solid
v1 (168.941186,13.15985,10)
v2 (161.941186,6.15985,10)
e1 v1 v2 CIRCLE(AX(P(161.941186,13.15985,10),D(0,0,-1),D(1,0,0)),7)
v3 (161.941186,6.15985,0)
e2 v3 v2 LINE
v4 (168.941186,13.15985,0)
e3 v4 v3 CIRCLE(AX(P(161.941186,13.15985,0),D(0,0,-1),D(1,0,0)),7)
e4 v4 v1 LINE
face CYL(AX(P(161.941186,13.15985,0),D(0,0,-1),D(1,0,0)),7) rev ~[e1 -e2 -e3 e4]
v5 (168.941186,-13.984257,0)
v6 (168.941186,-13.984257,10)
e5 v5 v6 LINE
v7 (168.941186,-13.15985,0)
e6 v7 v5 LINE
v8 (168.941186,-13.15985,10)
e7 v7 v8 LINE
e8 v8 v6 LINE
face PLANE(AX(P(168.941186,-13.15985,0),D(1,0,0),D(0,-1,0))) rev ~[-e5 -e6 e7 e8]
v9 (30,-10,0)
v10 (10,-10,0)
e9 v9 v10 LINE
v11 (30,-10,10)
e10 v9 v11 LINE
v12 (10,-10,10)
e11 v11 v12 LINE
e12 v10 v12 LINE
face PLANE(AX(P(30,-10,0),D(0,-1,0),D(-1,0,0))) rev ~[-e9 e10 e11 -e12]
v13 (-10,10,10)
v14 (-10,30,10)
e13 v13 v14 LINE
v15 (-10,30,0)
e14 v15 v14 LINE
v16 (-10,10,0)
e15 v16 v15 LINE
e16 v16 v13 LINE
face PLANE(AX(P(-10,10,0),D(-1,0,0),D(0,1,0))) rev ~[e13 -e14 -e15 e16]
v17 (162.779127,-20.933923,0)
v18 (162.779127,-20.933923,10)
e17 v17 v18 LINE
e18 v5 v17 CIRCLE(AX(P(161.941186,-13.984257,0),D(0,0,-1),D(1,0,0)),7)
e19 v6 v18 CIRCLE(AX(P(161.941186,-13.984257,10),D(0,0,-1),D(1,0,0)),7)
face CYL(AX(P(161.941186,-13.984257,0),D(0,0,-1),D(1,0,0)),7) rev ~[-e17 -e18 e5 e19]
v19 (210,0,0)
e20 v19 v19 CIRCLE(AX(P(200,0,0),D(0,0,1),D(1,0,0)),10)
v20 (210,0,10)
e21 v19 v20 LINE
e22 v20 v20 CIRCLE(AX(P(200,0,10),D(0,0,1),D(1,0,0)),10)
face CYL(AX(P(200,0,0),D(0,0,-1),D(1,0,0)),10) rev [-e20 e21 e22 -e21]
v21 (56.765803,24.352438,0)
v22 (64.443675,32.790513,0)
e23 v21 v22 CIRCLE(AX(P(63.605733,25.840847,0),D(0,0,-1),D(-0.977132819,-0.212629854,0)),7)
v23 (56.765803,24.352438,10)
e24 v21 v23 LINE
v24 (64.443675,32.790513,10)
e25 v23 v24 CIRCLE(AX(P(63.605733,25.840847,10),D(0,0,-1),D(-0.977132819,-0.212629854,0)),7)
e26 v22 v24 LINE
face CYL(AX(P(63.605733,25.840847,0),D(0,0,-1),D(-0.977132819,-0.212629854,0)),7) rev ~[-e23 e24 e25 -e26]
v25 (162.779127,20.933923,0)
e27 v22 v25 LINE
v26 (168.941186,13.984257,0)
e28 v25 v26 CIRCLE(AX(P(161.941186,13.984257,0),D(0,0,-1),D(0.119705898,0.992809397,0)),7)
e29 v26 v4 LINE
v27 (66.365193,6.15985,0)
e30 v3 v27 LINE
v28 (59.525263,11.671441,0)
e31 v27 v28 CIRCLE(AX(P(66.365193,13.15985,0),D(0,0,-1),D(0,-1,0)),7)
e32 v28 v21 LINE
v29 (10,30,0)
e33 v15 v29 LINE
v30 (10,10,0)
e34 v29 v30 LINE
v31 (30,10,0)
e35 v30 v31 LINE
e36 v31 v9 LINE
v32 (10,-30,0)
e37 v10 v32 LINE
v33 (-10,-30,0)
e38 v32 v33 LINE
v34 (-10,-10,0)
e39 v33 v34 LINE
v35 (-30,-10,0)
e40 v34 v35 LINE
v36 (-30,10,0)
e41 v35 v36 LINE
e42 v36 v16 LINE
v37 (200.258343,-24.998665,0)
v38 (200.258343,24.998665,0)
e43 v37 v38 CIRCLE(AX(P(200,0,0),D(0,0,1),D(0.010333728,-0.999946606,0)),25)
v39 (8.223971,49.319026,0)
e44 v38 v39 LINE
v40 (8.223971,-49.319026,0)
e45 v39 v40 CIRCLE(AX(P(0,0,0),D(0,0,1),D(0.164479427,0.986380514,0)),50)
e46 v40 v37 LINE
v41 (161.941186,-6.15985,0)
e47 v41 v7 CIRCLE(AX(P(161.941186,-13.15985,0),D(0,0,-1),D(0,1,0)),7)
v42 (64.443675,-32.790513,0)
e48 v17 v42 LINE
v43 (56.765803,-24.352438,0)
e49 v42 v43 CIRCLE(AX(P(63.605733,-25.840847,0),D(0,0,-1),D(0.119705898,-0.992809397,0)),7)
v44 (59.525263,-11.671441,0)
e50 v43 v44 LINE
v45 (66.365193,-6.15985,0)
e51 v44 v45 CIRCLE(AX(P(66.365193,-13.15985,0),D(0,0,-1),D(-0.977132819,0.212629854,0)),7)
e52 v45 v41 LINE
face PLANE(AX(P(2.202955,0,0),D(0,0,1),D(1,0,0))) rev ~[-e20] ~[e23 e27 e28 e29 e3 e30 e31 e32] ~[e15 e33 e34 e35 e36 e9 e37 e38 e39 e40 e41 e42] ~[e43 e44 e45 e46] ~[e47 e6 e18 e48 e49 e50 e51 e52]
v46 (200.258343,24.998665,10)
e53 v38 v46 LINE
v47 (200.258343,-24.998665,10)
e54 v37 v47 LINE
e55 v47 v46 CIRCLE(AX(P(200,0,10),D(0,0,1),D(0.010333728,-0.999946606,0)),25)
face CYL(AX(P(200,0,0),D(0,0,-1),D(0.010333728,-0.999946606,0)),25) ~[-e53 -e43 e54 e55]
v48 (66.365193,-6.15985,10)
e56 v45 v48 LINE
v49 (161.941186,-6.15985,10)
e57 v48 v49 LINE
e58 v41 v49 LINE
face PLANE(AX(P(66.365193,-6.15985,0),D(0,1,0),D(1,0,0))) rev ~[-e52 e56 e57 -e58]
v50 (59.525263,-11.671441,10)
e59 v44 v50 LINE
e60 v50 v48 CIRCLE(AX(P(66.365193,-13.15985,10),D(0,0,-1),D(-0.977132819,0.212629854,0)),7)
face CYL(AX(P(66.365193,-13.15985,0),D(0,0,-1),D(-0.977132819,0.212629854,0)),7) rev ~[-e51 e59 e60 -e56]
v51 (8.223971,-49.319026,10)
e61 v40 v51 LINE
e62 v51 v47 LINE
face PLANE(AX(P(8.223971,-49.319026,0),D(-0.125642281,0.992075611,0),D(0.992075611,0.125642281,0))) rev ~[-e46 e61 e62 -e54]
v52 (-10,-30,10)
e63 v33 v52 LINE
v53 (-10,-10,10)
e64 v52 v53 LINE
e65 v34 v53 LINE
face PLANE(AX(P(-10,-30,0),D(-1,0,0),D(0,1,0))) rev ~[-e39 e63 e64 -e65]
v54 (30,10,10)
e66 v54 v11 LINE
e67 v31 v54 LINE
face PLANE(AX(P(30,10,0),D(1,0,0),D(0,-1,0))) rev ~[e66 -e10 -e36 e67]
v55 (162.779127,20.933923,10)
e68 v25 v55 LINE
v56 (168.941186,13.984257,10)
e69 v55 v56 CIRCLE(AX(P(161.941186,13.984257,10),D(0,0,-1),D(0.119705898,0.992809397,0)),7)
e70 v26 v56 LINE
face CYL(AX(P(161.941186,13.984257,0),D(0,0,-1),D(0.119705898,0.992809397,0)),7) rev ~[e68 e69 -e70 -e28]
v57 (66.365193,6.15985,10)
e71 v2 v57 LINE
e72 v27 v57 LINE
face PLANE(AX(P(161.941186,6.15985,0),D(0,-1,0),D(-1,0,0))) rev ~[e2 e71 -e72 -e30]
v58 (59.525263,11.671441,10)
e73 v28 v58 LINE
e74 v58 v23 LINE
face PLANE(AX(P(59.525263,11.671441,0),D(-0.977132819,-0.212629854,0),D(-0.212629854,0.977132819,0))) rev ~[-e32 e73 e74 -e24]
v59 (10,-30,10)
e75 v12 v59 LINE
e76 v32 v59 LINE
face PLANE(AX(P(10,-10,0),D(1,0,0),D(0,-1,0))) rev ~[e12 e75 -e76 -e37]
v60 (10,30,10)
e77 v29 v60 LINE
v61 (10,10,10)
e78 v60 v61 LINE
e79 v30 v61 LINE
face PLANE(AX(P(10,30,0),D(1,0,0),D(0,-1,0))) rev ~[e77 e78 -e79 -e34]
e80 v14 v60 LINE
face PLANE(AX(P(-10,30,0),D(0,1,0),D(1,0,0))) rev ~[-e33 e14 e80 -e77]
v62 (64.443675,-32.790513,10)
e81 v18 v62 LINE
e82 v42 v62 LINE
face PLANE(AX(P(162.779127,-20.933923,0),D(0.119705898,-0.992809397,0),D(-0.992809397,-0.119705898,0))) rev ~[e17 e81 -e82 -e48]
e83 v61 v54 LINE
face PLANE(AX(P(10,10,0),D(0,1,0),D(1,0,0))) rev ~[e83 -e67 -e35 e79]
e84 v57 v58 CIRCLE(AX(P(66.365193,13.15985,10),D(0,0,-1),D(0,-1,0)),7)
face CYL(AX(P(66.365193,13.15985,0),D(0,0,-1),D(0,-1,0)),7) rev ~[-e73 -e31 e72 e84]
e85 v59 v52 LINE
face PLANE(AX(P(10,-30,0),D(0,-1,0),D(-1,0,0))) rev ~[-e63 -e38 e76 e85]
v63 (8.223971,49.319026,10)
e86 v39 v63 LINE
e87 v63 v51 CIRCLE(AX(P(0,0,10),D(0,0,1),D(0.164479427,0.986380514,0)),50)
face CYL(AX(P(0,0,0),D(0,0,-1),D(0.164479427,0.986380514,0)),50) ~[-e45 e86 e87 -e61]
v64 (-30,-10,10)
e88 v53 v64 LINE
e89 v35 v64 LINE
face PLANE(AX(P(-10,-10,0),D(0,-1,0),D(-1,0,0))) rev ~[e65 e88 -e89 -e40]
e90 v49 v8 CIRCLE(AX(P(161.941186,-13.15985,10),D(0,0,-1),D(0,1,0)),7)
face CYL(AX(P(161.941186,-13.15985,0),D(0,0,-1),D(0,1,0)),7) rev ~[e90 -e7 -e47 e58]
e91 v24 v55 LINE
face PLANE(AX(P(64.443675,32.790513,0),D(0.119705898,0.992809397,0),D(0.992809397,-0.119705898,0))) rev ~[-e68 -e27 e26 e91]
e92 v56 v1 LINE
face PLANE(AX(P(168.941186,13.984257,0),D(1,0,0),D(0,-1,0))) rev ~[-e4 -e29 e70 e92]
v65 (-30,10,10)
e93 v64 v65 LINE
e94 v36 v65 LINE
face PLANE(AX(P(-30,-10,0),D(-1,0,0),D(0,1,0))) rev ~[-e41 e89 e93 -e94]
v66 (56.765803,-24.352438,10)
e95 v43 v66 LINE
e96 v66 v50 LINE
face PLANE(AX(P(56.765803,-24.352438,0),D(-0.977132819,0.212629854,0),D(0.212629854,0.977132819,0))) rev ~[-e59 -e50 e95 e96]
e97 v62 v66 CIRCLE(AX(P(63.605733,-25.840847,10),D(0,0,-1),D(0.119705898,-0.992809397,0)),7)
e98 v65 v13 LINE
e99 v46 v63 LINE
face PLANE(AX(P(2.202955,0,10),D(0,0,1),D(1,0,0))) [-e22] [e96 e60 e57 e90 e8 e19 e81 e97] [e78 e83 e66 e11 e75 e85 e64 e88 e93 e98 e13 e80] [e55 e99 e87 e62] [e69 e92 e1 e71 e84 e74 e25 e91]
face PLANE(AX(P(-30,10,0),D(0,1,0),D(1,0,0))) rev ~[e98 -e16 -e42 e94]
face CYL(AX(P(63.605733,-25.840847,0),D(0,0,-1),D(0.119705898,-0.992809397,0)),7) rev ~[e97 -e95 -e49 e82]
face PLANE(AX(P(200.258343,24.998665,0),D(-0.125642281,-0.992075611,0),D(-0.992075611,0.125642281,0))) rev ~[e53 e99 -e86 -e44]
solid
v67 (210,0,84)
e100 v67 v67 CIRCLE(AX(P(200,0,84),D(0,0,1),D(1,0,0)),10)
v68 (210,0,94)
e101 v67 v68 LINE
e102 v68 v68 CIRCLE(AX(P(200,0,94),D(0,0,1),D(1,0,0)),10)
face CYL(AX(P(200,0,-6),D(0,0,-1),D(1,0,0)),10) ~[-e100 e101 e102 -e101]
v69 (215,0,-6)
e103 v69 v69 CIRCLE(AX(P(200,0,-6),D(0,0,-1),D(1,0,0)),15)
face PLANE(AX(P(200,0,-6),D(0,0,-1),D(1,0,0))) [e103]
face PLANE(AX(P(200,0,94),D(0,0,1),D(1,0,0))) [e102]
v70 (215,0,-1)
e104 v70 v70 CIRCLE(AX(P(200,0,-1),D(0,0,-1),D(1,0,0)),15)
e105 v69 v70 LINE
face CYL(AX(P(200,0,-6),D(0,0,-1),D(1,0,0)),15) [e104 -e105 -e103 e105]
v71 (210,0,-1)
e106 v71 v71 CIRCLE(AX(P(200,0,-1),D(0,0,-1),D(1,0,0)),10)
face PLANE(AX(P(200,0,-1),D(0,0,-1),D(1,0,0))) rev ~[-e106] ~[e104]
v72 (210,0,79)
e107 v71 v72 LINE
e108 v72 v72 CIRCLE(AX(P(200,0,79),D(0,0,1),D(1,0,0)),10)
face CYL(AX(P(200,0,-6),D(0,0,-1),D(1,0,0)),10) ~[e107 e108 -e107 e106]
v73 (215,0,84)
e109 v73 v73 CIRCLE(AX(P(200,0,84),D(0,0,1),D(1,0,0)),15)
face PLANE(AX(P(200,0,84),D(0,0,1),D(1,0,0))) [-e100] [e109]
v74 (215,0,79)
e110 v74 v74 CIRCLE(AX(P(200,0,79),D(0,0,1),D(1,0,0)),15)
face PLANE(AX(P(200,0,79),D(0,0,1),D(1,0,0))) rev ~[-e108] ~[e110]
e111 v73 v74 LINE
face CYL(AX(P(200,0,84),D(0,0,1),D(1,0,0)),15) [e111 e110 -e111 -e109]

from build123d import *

# Parameters (mm, degrees)
F0_R     = 10
F1_DEPTH = 10
F2_R     = 10
F3_DEPTH = 100
F5_R     = 15
F5_R_2   = 10
F6_DEPTH = 5
F8_R     = 15
F8_R_2   = 10
F9_DEPTH = 5


with BuildPart() as f1:
    # F0 (on Top) → F1 (new body)
    with BuildSketch(Plane.XY):
        with BuildLine():
            ThreePointArc((8.2239713528, -49.3190256918), (38.1523168866, -32.3171891751), (50, 0))
            ThreePointArc((50, 0), (38.1523168866, 32.3171891751), (8.2239713528, 49.3190256918))
            ThreePointArc((8.2239713528, 49.3190256918), (-50, 0), (8.2239713528, -49.3190256918))
        make_face()
        Polygon((-10, 30), (0, 30), (10, 30), (10, 10), (30, 10), (30, 0), (30, -10), (10, -10), (10, -30), (0, -30), (-10, -30), (-10, -10), (-30, -10), (-30, 0), (-30, 10), (-10, 10), align=None, mode=Mode.SUBTRACT)
        with BuildLine():
            ThreePointArc((8.2239713528, 49.3190256918), (38.1523168866, 32.3171891751), (50, 0))
            ThreePointArc((50, 0), (38.1523168866, -32.3171891751), (8.2239713528, -49.3190256918))
            Line((8.2239713528, -49.3190256918), (200.2583432018, -24.9986651402))
            ThreePointArc((200.2583432018, -24.9986651402), (175, 0), (200.2583432018, 24.9986651402))
            Line((200.2583432018, 24.9986651402), (8.2239713528, 49.3190256918))
        make_face()
        with BuildLine():
            ThreePointArc((59.525263062, -11.6714409544), (61.973089813, -7.7092140579), (66.3651927926, -6.1598499306))
            Line((66.3651927926, -6.1598499306), (161.9411855936, -6.1598499306))
            ThreePointArc((161.9411855936, -6.1598499306), (166.8909330619, -8.2101024622), (168.9411855936, -13.1598499306))
            Line((168.9411855936, -13.1598499306), (168.9411855936, -13.984257154))
            ThreePointArc((168.9411855936, -13.984257154), (167.1788181219, -18.6283077027), (162.7791268797, -20.9339229302))
            Line((162.7791268797, -20.9339229302), (64.4436745019, -32.7905125979))
            ThreePointArc((64.4436745019, -32.7905125979), (58.428258667, -30.5518719008), (56.7658034852, -24.3524378455))
            Line((56.7658034852, -24.3524378455), (59.525263062, -11.6714409544))
        make_face(mode=Mode.SUBTRACT)
        with BuildLine():
            Line((59.525263062, 11.6714409544), (56.7658034852, 24.3524378455))
            ThreePointArc((56.7658034852, 24.3524378455), (58.428258667, 30.5518719008), (64.4436745019, 32.7905125979))
            Line((64.4436745019, 32.7905125979), (162.7791268797, 20.9339229302))
            ThreePointArc((162.7791268797, 20.9339229302), (167.1788181219, 18.6283077027), (168.9411855936, 13.984257154))
            Line((168.9411855936, 13.984257154), (168.9411855936, 13.1598499306))
            ThreePointArc((168.9411855936, 13.1598499306), (166.8909330619, 8.2101024622), (161.9411855936, 6.1598499306))
            Line((161.9411855936, 6.1598499306), (66.3651927926, 6.1598499306))
            ThreePointArc((66.3651927926, 6.1598499306), (61.973089813, 7.7092140579), (59.525263062, 11.6714409544))
        make_face(mode=Mode.SUBTRACT)
        with BuildLine():
            ThreePointArc((225, 0), (217.7687728902, 17.5860942218), (200.2583432018, 24.9986651402))
            ThreePointArc((200.2583432018, 24.9986651402), (175, 0), (200.2583432018, -24.9986651402))
            ThreePointArc((200.2583432018, -24.9986651402), (217.7687728902, -17.5860942218), (225, 0))
        make_face()
        with Locations((200, 0)):
            Circle(F0_R, mode=Mode.SUBTRACT)
    extrude(amount=F1_DEPTH)


with BuildPart() as f3:
    # F2 (on face) → F3 (new body)
    with BuildSketch(Plane.XY.offset(10)):
        with Locations((200, 0)):
            Circle(F2_R)
    extrude(amount=F3_DEPTH)


with BuildPart() as f3_1:
    # F4: moved
    add(f3.part.moved(Location((0, 0, -16))))

    # F5 (on face) → F6 (join)
    with BuildSketch(Plane(origin=(0, 0, -6), x_dir=(1, 0, 0), z_dir=(0, 0, -1))):
        with Locations((200, 0)):
            Circle(F5_R)
        with Locations((200, 0)):
            Circle(F5_R_2, mode=Mode.SUBTRACT)
    extrude(amount=-F6_DEPTH)

    # F8 (on offset) → F9 (join)
    with BuildSketch(Plane.XY.offset(84)):
        with Locations((200, 0)):
            Circle(F8_R)
        with Locations((200, 0)):
            Circle(F8_R_2, mode=Mode.SUBTRACT)
    extrude(amount=-F9_DEPTH)


solid = Compound([f1.part, f3_1.part])
